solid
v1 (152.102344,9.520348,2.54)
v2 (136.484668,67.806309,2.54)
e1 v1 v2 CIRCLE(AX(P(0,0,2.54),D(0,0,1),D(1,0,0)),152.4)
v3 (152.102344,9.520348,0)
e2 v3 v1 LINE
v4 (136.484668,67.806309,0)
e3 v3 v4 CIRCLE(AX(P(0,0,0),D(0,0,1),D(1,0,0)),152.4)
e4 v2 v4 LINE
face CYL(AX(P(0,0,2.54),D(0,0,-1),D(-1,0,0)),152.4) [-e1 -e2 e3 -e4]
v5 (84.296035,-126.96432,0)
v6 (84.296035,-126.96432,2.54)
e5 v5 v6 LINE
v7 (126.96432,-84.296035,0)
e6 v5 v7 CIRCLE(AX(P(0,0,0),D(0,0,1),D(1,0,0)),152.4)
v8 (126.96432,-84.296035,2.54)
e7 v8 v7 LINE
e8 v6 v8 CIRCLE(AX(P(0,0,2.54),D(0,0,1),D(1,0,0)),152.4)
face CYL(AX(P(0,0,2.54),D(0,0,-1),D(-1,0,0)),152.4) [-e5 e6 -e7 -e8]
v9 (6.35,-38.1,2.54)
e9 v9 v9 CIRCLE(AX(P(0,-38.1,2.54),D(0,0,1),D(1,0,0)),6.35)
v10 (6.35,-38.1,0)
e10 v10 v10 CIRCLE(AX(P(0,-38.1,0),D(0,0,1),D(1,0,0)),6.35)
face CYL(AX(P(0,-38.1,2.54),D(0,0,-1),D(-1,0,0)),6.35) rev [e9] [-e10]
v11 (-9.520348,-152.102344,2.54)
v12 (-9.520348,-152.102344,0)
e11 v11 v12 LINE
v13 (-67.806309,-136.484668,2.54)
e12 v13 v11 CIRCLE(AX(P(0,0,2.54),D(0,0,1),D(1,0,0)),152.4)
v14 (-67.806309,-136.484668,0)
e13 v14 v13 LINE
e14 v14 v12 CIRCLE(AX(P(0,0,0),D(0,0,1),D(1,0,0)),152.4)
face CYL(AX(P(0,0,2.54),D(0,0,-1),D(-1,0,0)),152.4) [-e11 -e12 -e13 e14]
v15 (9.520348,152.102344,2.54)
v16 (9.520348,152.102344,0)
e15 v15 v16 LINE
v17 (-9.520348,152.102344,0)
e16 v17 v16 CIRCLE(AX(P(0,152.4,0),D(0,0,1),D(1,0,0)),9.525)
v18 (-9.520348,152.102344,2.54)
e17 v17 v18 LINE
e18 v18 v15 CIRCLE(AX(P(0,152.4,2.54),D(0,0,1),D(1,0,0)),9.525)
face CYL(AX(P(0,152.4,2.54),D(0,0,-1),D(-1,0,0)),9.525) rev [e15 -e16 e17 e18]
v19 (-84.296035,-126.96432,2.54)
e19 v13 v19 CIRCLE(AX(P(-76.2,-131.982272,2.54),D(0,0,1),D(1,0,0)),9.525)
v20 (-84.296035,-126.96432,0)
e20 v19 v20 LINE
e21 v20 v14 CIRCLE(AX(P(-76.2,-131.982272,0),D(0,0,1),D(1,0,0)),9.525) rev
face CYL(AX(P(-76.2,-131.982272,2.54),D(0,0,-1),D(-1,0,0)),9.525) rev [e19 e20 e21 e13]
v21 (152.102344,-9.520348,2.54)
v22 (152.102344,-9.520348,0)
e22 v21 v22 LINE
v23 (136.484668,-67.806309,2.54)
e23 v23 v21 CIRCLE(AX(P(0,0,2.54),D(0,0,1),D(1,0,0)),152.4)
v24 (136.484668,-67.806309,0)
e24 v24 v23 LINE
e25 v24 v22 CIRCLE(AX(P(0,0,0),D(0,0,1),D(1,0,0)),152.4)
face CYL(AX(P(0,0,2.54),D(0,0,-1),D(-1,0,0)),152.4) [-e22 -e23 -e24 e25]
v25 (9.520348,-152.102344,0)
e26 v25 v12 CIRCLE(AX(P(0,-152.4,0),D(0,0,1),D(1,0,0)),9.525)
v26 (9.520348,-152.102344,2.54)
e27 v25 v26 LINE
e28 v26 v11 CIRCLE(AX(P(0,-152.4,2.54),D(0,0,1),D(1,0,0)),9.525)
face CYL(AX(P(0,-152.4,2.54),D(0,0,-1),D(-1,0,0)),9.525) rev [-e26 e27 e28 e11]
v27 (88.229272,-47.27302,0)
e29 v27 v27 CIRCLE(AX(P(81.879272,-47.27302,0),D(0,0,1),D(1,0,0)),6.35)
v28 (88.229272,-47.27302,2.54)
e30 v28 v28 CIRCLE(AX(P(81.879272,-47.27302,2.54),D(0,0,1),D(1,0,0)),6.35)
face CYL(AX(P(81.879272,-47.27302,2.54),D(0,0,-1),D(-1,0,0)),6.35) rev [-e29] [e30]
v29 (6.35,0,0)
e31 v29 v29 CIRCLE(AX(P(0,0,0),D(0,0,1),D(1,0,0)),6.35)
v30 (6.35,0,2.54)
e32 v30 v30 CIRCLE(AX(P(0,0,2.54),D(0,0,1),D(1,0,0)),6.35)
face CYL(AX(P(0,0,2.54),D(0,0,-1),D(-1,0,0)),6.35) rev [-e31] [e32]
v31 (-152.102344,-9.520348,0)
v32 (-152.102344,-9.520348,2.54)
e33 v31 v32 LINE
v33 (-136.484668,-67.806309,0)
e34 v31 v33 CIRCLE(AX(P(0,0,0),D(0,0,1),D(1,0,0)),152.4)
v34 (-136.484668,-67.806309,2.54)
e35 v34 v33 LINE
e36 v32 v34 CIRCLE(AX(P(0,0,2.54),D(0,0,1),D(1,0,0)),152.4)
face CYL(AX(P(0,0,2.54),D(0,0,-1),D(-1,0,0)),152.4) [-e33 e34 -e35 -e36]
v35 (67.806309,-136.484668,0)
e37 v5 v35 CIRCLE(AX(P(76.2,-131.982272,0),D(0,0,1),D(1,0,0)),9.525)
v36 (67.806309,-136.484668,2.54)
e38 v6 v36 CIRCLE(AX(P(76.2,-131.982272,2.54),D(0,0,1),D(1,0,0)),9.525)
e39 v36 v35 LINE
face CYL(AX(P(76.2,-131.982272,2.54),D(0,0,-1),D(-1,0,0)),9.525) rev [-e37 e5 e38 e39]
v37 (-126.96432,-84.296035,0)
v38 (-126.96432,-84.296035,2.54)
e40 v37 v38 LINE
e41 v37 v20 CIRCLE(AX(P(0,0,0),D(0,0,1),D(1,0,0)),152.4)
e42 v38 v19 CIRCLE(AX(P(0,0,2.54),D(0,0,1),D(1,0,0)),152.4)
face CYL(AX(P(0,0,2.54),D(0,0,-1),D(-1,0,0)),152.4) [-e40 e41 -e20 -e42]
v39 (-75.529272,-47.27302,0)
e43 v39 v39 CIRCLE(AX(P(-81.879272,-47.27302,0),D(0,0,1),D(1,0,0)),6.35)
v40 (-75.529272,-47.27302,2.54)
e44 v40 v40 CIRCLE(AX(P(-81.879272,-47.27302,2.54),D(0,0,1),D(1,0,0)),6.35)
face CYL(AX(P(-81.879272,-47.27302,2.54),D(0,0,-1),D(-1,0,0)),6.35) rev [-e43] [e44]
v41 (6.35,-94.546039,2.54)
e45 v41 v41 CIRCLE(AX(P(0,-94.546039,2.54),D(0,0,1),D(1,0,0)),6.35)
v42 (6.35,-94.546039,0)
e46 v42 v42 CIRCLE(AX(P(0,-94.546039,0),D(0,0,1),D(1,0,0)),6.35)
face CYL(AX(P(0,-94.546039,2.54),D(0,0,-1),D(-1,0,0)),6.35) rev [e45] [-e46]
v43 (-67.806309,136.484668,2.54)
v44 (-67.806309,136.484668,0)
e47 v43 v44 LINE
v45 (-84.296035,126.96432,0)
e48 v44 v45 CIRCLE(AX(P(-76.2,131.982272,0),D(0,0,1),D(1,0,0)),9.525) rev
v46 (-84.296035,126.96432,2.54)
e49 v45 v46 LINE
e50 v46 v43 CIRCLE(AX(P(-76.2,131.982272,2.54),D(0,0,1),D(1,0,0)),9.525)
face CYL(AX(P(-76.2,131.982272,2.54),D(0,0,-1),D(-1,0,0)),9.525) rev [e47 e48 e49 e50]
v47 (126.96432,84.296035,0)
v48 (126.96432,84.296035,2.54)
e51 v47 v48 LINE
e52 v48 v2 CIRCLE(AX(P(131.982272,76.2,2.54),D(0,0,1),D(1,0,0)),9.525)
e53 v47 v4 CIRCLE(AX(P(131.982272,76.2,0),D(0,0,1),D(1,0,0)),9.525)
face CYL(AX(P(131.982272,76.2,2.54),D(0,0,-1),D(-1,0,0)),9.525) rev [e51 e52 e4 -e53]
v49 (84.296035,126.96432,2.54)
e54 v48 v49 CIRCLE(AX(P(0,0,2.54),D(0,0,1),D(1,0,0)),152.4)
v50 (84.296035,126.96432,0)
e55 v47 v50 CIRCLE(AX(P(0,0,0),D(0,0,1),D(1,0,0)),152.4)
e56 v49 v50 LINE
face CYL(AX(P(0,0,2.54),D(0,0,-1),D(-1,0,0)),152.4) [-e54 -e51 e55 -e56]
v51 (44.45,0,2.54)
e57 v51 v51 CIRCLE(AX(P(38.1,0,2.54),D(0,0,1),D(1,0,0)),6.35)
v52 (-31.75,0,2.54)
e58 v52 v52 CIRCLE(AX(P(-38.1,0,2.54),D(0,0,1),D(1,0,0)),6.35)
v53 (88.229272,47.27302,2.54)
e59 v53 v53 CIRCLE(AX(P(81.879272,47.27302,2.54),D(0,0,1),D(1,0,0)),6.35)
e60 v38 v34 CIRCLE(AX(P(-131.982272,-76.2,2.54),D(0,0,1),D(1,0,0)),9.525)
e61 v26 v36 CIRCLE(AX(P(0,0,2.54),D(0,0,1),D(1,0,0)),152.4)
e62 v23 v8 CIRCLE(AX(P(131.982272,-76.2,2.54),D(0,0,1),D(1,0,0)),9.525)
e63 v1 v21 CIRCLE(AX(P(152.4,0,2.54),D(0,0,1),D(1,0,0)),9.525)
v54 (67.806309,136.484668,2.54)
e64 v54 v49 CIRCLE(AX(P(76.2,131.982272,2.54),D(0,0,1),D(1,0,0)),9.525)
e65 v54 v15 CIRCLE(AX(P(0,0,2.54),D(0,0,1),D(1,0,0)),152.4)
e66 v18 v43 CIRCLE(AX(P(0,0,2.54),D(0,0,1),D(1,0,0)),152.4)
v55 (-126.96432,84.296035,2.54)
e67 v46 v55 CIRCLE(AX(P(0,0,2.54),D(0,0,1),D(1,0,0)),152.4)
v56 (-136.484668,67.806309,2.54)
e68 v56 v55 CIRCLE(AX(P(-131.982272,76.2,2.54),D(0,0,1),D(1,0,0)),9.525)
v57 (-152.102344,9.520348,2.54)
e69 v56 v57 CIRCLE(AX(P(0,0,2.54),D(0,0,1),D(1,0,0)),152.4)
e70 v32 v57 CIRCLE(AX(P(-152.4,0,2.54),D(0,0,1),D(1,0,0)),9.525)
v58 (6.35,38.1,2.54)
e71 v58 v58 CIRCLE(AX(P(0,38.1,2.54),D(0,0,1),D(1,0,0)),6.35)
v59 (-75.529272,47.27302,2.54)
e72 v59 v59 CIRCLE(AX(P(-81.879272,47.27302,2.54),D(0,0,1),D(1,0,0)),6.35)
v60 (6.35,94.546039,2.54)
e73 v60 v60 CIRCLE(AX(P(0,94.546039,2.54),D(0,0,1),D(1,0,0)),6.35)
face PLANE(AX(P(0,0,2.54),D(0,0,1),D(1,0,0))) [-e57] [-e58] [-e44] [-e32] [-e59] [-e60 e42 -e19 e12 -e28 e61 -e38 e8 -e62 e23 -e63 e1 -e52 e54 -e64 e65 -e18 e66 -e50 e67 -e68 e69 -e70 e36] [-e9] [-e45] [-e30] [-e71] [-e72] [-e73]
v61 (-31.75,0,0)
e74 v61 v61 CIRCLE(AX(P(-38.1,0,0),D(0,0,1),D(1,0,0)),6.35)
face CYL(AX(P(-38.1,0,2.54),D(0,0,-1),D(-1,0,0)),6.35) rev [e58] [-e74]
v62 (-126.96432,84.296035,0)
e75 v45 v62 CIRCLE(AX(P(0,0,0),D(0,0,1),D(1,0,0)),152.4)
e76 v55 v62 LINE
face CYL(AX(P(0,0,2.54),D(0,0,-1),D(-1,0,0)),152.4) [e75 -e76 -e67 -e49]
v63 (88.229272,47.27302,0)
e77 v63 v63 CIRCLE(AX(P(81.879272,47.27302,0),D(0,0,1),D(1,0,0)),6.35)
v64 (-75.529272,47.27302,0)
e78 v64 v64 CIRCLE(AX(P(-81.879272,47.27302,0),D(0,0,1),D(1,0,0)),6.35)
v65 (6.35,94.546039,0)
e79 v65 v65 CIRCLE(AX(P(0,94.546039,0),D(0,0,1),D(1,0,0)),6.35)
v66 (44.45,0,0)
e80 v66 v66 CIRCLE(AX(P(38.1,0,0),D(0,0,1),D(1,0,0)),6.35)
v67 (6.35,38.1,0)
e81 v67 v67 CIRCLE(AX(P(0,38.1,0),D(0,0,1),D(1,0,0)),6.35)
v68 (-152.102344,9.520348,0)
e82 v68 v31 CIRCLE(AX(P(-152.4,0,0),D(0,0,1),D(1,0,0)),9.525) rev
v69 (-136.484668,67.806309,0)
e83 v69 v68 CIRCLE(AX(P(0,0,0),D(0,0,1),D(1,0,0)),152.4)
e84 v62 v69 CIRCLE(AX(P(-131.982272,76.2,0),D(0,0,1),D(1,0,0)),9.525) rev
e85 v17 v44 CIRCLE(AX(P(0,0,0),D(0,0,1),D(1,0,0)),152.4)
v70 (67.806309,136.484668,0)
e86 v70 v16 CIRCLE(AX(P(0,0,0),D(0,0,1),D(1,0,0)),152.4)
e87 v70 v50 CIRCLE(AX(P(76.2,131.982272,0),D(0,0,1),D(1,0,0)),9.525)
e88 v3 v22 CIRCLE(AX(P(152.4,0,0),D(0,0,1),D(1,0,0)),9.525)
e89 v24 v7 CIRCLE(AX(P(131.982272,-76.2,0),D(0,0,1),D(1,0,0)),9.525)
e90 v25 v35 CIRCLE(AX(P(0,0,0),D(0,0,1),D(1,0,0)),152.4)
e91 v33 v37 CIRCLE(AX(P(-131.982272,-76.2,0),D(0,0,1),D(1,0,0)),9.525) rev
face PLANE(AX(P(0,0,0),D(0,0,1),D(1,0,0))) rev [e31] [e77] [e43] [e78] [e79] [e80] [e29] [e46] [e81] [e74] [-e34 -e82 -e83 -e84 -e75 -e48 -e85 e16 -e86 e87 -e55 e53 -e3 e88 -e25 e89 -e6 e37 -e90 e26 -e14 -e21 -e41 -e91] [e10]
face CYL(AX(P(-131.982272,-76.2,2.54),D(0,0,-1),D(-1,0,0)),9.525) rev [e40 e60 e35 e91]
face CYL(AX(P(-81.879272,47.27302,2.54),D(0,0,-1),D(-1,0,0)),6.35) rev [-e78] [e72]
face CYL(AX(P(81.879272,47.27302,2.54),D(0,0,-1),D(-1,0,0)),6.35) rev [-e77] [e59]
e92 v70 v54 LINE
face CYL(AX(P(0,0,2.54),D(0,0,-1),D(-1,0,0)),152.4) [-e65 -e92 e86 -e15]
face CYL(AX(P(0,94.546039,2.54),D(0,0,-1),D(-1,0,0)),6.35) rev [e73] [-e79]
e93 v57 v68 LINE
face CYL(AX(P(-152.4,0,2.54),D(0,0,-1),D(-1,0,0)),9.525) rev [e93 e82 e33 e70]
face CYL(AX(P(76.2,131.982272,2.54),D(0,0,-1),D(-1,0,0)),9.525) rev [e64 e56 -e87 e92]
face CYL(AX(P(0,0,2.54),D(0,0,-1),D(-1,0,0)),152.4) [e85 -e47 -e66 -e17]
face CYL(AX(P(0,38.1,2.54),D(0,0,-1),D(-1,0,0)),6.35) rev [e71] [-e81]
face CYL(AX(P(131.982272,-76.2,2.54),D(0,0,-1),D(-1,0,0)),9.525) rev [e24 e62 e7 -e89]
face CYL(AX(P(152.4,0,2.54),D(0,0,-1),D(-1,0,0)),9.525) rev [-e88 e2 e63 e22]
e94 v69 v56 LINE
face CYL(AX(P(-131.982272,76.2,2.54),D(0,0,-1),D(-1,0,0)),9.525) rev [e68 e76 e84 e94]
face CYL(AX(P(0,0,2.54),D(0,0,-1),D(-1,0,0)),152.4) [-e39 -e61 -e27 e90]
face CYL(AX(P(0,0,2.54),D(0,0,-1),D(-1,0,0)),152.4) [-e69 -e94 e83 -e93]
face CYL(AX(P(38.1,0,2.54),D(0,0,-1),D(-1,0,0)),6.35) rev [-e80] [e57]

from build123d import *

# Parameters (mm, degrees)
SKETCH1_R           = 152.4
BOSS_EXTRUDE1_DEPTH = 2.54
SKETCH2_R           = 9.525
SKETCH2_R_2         = 6.35
CUT_EXTRUDE2_DEPTH  = 3.54
SKETCH4_R           = 6.35
CUT_EXTRUDE4_DEPTH  = 2.54


with BuildPart() as part:
    # Sketch1 → Boss-Extrude1 (new body)
    with BuildSketch(Plane.XY):
        Circle(SKETCH1_R)
    extrude(amount=BOSS_EXTRUDE1_DEPTH)

    # Sketch2 → Cut-Extrude2 (cut, through all)
    with BuildSketch(Plane.XY):
        with Locations((152.4, 0)):
            Circle(SKETCH2_R)
        with Locations((131.982271537, -76.2)):
            Circle(SKETCH2_R)
        with Locations((76.2, -131.982271537)):
            Circle(SKETCH2_R)
        with Locations((0, -152.4)):
            Circle(SKETCH2_R)
        with Locations((-76.2, -131.982271537)):
            Circle(SKETCH2_R)
        with Locations((-131.982271537, -76.2)):
            Circle(SKETCH2_R)
        with Locations((-152.4, 0)):
            Circle(SKETCH2_R)
        with Locations((-131.982271537, 76.2)):
            Circle(SKETCH2_R)
        with Locations((-76.2, 131.982271537)):
            Circle(SKETCH2_R)
        with Locations((0, 152.4)):
            Circle(SKETCH2_R)
        with Locations((76.2, 131.982271537)):
            Circle(SKETCH2_R)
        with Locations((131.982271537, 76.2)):
            Circle(SKETCH2_R)
        with Locations((38.1, 0)):
            Circle(SKETCH2_R_2)
        with Locations((0, -38.1)):
            Circle(SKETCH2_R_2)
        with Locations((-38.1, 0)):
            Circle(SKETCH2_R_2)
        with Locations((0, 38.1)):
            Circle(SKETCH2_R_2)
        with Locations((81.879271907, -47.273019677)):
            Circle(SKETCH2_R_2)
        with Locations((0, -94.546039353)):
            Circle(SKETCH2_R_2)
        with Locations((-81.879271907, -47.273019677)):
            Circle(SKETCH2_R_2)
        with Locations((-81.879271907, 47.273019677)):
            Circle(SKETCH2_R_2)
        with Locations((0, 94.546039353)):
            Circle(SKETCH2_R_2)
        with Locations((81.879271907, 47.273019677)):
            Circle(SKETCH2_R_2)
    extrude(amount=CUT_EXTRUDE2_DEPTH, mode=Mode.SUBTRACT)

    # Sketch4 → Cut-Extrude4 (cut)
    with BuildSketch(Plane.XY):
        Circle(SKETCH4_R)
    extrude(amount=CUT_EXTRUDE4_DEPTH, mode=Mode.SUBTRACT)


solid = part.part
